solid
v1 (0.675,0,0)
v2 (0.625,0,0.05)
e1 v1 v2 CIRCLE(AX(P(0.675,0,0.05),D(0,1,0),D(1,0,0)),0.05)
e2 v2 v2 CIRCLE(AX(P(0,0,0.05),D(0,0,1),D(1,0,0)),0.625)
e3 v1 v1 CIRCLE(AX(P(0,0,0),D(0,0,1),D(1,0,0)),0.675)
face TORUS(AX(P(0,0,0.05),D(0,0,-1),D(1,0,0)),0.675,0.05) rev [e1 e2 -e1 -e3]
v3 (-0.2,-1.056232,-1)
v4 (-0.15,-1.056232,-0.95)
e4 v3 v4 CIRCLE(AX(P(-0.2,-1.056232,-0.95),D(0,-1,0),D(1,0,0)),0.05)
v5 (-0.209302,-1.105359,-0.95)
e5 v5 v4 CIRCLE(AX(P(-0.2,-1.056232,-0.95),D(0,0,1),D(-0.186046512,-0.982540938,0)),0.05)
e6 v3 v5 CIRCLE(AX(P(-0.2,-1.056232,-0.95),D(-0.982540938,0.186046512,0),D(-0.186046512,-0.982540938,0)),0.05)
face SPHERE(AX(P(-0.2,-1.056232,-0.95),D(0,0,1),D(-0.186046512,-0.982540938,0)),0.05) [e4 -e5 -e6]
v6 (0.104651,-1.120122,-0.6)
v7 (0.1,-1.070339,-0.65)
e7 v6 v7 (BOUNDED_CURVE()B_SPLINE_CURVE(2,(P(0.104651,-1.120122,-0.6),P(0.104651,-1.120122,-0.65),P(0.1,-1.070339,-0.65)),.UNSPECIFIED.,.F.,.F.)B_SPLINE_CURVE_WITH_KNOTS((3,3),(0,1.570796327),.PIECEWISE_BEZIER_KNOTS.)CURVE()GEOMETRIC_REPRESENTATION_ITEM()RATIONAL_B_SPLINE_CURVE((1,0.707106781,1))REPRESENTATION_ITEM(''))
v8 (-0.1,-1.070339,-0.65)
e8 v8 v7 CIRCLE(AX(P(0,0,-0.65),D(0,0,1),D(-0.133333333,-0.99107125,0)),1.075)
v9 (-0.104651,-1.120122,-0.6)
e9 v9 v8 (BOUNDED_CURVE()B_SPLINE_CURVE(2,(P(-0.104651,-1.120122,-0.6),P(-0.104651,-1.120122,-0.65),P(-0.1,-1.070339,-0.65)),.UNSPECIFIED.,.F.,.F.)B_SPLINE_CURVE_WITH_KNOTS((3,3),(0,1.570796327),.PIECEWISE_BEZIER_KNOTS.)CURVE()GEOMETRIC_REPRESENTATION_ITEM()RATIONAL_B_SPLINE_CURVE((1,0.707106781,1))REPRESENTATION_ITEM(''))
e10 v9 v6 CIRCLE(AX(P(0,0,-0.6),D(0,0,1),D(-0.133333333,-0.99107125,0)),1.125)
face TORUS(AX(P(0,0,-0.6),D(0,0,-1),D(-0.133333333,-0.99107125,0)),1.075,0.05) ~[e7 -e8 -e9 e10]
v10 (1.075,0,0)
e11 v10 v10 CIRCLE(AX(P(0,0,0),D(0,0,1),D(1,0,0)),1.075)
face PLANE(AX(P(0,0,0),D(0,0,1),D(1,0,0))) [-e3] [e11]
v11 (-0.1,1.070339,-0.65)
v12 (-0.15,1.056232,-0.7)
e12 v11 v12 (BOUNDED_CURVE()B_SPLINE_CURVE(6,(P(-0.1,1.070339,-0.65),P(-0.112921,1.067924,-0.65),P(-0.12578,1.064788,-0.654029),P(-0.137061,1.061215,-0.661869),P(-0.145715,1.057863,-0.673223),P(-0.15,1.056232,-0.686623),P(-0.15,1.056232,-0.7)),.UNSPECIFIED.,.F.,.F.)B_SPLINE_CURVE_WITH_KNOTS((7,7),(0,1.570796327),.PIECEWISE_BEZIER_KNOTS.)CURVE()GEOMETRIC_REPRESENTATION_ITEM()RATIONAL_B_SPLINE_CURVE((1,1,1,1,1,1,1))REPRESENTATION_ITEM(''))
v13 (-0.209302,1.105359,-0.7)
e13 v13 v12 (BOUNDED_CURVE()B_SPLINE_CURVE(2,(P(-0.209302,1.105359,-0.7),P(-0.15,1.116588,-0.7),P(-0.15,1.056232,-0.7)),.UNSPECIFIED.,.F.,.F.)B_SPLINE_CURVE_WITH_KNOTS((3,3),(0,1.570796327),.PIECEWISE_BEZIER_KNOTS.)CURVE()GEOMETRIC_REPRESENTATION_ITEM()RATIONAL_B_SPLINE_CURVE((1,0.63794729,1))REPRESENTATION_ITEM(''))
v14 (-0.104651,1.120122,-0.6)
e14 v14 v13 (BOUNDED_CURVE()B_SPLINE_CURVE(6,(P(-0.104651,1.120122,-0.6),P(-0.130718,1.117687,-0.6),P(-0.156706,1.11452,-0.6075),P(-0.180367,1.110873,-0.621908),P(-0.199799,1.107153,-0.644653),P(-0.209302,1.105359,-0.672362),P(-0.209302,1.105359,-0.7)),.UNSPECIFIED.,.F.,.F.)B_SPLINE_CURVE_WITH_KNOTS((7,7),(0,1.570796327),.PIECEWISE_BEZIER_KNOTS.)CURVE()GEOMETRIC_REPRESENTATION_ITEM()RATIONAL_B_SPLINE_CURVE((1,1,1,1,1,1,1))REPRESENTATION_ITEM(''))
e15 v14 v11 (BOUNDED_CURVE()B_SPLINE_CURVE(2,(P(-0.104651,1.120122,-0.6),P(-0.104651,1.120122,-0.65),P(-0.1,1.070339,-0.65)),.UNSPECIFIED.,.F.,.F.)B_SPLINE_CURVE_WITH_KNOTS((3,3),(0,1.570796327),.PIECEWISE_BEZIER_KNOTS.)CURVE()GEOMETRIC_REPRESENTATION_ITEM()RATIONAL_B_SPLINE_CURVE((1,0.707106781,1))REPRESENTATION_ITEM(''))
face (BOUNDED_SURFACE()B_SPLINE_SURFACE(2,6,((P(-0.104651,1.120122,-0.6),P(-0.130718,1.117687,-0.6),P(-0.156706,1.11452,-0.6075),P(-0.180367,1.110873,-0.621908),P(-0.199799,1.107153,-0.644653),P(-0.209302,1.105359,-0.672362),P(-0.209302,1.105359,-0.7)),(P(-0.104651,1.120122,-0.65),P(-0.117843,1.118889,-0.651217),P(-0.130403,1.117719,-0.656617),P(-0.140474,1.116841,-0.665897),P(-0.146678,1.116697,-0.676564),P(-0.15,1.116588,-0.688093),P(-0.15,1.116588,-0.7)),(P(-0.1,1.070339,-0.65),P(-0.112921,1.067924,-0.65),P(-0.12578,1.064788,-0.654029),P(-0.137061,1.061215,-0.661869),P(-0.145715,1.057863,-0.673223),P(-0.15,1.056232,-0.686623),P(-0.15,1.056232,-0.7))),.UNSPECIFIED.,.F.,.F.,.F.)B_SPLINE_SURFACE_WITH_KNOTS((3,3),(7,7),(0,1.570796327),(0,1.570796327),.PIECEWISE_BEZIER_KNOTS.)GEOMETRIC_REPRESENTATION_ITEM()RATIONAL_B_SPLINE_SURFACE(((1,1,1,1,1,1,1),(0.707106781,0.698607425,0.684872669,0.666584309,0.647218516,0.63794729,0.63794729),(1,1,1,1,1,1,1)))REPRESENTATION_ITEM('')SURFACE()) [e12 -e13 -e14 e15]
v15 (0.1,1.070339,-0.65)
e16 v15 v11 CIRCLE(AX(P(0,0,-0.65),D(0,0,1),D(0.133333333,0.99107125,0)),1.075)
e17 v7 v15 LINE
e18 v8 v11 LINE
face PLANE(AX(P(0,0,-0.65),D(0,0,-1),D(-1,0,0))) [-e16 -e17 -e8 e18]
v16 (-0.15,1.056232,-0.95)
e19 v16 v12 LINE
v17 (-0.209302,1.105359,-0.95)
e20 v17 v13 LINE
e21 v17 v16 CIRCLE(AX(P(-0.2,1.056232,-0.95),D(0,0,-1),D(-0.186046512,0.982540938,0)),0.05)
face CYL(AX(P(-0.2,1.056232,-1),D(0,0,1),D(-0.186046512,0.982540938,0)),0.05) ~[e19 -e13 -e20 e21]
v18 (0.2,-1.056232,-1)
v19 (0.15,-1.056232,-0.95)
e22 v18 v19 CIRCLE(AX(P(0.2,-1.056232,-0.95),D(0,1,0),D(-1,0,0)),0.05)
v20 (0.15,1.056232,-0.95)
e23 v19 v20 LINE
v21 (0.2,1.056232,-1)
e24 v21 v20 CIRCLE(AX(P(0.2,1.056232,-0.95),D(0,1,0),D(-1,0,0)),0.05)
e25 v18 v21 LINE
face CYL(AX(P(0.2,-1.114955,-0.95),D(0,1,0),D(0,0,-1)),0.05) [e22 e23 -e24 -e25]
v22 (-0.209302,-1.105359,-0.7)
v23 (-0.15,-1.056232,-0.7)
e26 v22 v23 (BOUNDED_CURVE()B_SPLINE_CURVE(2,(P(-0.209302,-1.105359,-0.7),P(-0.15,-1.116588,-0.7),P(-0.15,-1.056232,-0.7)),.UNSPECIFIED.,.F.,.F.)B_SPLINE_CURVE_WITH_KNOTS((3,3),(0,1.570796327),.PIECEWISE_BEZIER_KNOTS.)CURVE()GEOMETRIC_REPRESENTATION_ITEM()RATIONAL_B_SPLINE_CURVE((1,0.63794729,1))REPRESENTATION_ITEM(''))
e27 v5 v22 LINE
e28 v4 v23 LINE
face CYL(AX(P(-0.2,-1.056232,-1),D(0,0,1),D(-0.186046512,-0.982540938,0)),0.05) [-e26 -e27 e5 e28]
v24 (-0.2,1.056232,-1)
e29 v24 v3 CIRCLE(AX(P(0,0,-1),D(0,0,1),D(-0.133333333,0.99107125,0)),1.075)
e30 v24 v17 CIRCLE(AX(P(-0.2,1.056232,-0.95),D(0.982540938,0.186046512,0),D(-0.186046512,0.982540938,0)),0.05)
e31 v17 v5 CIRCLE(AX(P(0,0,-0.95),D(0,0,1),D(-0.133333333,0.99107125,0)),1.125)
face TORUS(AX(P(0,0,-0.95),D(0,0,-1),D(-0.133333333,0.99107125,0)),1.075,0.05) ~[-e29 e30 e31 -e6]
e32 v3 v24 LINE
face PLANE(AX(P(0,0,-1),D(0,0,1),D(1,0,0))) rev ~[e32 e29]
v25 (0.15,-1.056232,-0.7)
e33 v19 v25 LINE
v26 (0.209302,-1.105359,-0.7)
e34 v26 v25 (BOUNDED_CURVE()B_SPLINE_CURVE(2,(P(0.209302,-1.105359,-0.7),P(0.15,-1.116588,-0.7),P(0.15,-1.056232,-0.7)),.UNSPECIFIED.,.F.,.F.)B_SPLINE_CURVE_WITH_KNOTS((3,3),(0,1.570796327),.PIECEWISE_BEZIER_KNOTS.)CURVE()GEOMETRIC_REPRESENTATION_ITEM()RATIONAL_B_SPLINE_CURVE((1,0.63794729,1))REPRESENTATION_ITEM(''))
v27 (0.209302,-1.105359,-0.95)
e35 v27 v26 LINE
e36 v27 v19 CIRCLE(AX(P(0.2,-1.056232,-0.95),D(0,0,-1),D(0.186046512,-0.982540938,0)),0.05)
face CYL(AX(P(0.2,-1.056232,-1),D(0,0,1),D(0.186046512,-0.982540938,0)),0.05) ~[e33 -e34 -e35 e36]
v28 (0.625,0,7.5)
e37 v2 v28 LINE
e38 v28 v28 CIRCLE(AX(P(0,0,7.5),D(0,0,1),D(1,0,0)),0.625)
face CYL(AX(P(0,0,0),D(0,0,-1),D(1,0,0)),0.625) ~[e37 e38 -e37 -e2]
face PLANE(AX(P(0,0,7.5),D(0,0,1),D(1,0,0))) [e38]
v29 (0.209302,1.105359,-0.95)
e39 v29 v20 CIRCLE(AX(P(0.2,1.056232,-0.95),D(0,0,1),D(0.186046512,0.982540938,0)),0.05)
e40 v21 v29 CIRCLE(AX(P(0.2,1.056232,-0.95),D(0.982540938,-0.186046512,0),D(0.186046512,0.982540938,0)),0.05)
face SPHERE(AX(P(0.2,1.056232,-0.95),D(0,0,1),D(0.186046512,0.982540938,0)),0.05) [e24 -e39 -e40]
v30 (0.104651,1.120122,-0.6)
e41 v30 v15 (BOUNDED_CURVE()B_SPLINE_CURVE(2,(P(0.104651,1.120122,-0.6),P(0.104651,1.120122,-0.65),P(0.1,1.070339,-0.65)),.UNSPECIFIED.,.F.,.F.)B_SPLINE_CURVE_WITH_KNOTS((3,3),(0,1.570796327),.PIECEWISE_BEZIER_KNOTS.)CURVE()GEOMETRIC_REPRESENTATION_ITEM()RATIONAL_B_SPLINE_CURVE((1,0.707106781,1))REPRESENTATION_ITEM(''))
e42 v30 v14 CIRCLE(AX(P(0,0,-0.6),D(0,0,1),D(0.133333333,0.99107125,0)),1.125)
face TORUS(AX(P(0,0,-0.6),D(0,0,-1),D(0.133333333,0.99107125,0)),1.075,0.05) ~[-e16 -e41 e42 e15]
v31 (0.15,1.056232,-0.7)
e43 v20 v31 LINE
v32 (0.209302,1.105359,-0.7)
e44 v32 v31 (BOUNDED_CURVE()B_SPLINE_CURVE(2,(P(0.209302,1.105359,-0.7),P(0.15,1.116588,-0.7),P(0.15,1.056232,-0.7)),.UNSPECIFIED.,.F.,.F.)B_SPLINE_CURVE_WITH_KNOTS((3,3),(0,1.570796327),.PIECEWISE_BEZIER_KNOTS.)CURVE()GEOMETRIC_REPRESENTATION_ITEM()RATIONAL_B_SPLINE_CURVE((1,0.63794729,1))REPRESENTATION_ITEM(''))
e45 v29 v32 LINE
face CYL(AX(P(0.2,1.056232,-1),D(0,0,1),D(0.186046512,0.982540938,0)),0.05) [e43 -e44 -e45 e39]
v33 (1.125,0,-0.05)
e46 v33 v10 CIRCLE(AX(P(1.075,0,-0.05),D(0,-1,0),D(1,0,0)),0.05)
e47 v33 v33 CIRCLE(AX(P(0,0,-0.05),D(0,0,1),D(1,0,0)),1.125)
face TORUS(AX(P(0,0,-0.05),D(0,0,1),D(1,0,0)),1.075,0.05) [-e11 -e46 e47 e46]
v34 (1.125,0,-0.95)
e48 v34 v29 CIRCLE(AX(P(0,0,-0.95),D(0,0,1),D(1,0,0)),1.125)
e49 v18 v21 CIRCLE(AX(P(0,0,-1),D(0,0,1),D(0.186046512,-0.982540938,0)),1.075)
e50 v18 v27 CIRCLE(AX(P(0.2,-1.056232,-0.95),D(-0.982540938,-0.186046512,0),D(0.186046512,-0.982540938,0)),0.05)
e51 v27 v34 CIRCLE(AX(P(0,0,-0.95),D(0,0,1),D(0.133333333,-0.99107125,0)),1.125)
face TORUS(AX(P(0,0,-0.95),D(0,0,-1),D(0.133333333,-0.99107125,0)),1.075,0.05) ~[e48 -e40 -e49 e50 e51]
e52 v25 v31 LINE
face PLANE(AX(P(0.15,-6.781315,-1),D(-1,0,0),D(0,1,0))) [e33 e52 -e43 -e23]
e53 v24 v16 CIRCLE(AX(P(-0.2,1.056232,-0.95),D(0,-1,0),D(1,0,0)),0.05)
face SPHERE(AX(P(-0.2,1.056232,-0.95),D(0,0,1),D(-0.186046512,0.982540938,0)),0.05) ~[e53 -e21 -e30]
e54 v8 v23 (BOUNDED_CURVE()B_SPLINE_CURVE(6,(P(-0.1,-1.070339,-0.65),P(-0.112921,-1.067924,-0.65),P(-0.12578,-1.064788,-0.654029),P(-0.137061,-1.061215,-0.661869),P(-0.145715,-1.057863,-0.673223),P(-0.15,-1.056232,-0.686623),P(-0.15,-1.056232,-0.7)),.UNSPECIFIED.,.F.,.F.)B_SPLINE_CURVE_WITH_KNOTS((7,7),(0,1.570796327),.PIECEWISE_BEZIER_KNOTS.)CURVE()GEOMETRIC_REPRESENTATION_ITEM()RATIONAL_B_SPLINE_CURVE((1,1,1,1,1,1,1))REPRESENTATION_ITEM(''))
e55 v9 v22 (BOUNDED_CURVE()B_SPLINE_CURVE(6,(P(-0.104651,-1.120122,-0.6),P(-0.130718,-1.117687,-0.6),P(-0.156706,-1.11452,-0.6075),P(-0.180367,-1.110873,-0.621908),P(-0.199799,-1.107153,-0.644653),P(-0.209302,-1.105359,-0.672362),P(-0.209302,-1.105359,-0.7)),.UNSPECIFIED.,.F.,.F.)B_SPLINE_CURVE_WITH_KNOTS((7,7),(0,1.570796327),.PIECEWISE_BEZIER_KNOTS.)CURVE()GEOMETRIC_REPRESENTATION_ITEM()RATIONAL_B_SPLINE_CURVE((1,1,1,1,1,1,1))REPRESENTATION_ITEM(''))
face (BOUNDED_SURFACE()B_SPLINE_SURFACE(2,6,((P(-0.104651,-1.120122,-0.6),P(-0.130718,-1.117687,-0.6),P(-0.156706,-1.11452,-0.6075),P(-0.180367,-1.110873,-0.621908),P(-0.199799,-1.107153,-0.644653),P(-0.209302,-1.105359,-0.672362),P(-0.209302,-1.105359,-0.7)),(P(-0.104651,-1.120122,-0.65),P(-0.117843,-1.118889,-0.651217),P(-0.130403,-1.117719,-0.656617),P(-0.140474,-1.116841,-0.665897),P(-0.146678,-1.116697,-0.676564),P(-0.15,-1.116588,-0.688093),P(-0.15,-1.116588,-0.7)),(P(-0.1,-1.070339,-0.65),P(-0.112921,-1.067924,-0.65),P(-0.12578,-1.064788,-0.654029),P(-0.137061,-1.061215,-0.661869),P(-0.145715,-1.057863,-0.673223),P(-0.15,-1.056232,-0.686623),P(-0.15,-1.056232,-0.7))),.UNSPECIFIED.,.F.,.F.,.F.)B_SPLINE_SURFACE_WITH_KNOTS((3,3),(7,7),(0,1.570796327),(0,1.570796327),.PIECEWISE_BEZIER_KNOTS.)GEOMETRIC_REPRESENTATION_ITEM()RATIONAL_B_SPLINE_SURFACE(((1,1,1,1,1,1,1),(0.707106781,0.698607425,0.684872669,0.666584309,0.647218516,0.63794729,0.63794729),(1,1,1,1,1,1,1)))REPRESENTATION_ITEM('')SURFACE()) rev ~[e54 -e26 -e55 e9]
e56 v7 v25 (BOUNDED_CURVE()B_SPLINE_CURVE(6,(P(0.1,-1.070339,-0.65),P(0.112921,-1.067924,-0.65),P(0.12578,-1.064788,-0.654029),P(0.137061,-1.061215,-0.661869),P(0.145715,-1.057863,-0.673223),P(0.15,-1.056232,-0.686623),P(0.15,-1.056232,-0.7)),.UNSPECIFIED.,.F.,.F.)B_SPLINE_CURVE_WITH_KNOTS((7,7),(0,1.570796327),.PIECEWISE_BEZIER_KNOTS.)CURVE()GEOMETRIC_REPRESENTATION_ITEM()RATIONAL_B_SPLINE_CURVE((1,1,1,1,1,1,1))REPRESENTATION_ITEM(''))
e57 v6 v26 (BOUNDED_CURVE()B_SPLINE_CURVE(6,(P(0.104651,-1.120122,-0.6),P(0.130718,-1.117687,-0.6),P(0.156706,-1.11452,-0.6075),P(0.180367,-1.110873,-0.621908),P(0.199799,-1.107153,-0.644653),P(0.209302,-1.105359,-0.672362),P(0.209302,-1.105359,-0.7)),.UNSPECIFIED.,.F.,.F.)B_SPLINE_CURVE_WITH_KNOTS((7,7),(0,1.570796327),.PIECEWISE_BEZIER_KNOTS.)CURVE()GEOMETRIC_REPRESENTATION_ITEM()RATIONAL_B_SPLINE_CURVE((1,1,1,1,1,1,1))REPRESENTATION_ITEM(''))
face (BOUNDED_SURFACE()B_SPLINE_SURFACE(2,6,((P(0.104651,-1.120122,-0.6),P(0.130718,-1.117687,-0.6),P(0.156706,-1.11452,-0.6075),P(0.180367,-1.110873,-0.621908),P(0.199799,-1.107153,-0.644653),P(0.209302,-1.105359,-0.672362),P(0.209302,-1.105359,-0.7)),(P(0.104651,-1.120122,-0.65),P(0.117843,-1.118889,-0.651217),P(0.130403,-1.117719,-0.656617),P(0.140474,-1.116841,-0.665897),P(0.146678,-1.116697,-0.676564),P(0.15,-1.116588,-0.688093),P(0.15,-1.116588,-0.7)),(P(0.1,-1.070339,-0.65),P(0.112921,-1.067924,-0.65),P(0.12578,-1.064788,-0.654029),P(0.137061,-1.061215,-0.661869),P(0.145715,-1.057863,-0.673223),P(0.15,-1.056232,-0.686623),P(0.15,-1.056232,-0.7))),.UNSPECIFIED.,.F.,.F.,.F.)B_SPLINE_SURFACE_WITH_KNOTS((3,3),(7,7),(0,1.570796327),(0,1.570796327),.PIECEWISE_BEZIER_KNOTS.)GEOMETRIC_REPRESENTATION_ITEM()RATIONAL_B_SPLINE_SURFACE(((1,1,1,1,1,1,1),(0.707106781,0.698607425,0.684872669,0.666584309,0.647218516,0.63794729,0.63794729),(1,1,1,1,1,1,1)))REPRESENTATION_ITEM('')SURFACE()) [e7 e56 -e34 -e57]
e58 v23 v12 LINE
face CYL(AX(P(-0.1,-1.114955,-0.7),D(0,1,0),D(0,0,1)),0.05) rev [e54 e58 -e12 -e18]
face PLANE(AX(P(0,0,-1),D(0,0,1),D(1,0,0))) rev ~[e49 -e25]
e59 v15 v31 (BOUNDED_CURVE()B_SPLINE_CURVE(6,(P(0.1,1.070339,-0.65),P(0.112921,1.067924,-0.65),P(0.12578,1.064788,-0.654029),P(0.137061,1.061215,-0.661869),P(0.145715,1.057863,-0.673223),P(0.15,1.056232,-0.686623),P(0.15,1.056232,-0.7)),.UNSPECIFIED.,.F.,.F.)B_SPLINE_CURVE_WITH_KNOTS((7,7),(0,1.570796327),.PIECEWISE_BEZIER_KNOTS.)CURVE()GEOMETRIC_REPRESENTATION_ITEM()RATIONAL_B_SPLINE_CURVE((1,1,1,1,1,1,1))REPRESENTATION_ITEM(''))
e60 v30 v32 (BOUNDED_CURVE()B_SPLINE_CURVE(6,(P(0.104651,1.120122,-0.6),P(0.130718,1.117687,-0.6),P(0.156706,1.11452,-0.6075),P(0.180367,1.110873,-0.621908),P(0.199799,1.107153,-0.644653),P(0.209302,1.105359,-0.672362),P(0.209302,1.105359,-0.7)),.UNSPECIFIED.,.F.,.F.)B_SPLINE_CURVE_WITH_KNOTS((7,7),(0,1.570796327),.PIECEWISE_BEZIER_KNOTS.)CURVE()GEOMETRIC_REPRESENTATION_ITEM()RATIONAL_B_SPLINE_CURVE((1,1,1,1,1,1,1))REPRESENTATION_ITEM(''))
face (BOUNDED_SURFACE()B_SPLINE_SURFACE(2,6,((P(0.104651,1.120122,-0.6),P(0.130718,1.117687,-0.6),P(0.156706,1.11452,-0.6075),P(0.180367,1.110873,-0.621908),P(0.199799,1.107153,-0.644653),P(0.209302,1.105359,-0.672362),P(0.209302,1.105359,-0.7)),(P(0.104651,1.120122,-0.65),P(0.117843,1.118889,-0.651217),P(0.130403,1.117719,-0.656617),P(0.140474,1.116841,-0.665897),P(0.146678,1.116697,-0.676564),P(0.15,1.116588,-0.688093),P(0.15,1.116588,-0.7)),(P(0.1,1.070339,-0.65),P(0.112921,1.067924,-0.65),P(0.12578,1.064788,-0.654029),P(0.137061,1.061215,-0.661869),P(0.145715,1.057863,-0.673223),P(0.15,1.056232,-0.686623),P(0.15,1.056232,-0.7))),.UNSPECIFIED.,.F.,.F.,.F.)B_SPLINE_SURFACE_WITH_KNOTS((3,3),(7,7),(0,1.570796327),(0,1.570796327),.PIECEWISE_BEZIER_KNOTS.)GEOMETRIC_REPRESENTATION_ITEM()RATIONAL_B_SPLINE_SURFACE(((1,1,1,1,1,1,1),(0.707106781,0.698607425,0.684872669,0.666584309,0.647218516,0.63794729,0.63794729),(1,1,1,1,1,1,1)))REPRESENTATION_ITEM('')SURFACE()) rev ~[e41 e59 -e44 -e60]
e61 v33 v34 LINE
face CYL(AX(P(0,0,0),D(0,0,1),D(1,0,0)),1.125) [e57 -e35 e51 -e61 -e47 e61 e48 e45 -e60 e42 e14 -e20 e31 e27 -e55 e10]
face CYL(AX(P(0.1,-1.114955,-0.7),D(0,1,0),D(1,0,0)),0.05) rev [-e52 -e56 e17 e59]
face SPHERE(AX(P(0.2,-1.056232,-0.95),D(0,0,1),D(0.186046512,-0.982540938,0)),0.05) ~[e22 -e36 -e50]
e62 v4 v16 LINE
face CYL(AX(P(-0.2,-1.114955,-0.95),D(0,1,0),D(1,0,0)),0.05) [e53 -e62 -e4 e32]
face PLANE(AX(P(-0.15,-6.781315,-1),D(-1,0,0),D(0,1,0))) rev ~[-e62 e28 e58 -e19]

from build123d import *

# Parameters (mm, degrees)
SKETCH1_R           = 0.625
BOSS_EXTRUDE1_DEPTH = 7.5
SKETCH2_R           = 1.125
BOSS_EXTRUDE2_DEPTH = 1
SKETCH3_W           = 0.3
SKETCH3_H           = 13.562630166
CUT_EXTRUDE1_DEPTH  = 0.35
FILLET1_R           = 0.05
FILLET2_R           = 0.05


with BuildPart() as part:
    # Sketch1 → Boss-Extrude1 (new body)
    with BuildSketch(Plane.XY):
        Circle(SKETCH1_R)
    extrude(amount=BOSS_EXTRUDE1_DEPTH)

    # Sketch2 → Boss-Extrude2 (add)
    with BuildSketch(Plane.XY):
        Circle(SKETCH2_R)
    extrude(amount=-BOSS_EXTRUDE2_DEPTH)

    # Sketch3 → Cut-Extrude1 (cut)
    with BuildSketch(Plane(origin=(0, 0, -1), x_dir=(-1, 0, 0), z_dir=(0, 0, -1))):
        Rectangle(SKETCH3_W, SKETCH3_H)
    extrude(amount=-CUT_EXTRUDE1_DEPTH, mode=Mode.SUBTRACT)

    # Fillet1
    fillet1_edges = [part.edges().sort_by_distance(p)[0] for p in [
        (0.846869234, -0.740565662, -1),
        (-0.15, 0, -1),
        (0.15, 0, -1),
        (0, 1.125, -0.65),
        (0, -1.125, -0.65),
        (0.15, 1.114955156, -0.825),
        (0.15, -1.114955156, -0.825),
        (-0.15, -1.114955156, -0.825),
        (-0.15, 1.114955156, -0.825),
        (0.15, 0, -0.65),
        (-0.15, 0, -0.65),
        (-1.125, 0, -1),
    ]]
    fillet(fillet1_edges, radius=FILLET1_R)

    # Fillet2
    fillet2_edges = [part.edges().sort_by_distance(p)[0] for p in [
        (-0.625, 0, 0),
        (-1.125, 0, 0),
    ]]
    fillet(fillet2_edges, radius=FILLET2_R)


solid = part.part
